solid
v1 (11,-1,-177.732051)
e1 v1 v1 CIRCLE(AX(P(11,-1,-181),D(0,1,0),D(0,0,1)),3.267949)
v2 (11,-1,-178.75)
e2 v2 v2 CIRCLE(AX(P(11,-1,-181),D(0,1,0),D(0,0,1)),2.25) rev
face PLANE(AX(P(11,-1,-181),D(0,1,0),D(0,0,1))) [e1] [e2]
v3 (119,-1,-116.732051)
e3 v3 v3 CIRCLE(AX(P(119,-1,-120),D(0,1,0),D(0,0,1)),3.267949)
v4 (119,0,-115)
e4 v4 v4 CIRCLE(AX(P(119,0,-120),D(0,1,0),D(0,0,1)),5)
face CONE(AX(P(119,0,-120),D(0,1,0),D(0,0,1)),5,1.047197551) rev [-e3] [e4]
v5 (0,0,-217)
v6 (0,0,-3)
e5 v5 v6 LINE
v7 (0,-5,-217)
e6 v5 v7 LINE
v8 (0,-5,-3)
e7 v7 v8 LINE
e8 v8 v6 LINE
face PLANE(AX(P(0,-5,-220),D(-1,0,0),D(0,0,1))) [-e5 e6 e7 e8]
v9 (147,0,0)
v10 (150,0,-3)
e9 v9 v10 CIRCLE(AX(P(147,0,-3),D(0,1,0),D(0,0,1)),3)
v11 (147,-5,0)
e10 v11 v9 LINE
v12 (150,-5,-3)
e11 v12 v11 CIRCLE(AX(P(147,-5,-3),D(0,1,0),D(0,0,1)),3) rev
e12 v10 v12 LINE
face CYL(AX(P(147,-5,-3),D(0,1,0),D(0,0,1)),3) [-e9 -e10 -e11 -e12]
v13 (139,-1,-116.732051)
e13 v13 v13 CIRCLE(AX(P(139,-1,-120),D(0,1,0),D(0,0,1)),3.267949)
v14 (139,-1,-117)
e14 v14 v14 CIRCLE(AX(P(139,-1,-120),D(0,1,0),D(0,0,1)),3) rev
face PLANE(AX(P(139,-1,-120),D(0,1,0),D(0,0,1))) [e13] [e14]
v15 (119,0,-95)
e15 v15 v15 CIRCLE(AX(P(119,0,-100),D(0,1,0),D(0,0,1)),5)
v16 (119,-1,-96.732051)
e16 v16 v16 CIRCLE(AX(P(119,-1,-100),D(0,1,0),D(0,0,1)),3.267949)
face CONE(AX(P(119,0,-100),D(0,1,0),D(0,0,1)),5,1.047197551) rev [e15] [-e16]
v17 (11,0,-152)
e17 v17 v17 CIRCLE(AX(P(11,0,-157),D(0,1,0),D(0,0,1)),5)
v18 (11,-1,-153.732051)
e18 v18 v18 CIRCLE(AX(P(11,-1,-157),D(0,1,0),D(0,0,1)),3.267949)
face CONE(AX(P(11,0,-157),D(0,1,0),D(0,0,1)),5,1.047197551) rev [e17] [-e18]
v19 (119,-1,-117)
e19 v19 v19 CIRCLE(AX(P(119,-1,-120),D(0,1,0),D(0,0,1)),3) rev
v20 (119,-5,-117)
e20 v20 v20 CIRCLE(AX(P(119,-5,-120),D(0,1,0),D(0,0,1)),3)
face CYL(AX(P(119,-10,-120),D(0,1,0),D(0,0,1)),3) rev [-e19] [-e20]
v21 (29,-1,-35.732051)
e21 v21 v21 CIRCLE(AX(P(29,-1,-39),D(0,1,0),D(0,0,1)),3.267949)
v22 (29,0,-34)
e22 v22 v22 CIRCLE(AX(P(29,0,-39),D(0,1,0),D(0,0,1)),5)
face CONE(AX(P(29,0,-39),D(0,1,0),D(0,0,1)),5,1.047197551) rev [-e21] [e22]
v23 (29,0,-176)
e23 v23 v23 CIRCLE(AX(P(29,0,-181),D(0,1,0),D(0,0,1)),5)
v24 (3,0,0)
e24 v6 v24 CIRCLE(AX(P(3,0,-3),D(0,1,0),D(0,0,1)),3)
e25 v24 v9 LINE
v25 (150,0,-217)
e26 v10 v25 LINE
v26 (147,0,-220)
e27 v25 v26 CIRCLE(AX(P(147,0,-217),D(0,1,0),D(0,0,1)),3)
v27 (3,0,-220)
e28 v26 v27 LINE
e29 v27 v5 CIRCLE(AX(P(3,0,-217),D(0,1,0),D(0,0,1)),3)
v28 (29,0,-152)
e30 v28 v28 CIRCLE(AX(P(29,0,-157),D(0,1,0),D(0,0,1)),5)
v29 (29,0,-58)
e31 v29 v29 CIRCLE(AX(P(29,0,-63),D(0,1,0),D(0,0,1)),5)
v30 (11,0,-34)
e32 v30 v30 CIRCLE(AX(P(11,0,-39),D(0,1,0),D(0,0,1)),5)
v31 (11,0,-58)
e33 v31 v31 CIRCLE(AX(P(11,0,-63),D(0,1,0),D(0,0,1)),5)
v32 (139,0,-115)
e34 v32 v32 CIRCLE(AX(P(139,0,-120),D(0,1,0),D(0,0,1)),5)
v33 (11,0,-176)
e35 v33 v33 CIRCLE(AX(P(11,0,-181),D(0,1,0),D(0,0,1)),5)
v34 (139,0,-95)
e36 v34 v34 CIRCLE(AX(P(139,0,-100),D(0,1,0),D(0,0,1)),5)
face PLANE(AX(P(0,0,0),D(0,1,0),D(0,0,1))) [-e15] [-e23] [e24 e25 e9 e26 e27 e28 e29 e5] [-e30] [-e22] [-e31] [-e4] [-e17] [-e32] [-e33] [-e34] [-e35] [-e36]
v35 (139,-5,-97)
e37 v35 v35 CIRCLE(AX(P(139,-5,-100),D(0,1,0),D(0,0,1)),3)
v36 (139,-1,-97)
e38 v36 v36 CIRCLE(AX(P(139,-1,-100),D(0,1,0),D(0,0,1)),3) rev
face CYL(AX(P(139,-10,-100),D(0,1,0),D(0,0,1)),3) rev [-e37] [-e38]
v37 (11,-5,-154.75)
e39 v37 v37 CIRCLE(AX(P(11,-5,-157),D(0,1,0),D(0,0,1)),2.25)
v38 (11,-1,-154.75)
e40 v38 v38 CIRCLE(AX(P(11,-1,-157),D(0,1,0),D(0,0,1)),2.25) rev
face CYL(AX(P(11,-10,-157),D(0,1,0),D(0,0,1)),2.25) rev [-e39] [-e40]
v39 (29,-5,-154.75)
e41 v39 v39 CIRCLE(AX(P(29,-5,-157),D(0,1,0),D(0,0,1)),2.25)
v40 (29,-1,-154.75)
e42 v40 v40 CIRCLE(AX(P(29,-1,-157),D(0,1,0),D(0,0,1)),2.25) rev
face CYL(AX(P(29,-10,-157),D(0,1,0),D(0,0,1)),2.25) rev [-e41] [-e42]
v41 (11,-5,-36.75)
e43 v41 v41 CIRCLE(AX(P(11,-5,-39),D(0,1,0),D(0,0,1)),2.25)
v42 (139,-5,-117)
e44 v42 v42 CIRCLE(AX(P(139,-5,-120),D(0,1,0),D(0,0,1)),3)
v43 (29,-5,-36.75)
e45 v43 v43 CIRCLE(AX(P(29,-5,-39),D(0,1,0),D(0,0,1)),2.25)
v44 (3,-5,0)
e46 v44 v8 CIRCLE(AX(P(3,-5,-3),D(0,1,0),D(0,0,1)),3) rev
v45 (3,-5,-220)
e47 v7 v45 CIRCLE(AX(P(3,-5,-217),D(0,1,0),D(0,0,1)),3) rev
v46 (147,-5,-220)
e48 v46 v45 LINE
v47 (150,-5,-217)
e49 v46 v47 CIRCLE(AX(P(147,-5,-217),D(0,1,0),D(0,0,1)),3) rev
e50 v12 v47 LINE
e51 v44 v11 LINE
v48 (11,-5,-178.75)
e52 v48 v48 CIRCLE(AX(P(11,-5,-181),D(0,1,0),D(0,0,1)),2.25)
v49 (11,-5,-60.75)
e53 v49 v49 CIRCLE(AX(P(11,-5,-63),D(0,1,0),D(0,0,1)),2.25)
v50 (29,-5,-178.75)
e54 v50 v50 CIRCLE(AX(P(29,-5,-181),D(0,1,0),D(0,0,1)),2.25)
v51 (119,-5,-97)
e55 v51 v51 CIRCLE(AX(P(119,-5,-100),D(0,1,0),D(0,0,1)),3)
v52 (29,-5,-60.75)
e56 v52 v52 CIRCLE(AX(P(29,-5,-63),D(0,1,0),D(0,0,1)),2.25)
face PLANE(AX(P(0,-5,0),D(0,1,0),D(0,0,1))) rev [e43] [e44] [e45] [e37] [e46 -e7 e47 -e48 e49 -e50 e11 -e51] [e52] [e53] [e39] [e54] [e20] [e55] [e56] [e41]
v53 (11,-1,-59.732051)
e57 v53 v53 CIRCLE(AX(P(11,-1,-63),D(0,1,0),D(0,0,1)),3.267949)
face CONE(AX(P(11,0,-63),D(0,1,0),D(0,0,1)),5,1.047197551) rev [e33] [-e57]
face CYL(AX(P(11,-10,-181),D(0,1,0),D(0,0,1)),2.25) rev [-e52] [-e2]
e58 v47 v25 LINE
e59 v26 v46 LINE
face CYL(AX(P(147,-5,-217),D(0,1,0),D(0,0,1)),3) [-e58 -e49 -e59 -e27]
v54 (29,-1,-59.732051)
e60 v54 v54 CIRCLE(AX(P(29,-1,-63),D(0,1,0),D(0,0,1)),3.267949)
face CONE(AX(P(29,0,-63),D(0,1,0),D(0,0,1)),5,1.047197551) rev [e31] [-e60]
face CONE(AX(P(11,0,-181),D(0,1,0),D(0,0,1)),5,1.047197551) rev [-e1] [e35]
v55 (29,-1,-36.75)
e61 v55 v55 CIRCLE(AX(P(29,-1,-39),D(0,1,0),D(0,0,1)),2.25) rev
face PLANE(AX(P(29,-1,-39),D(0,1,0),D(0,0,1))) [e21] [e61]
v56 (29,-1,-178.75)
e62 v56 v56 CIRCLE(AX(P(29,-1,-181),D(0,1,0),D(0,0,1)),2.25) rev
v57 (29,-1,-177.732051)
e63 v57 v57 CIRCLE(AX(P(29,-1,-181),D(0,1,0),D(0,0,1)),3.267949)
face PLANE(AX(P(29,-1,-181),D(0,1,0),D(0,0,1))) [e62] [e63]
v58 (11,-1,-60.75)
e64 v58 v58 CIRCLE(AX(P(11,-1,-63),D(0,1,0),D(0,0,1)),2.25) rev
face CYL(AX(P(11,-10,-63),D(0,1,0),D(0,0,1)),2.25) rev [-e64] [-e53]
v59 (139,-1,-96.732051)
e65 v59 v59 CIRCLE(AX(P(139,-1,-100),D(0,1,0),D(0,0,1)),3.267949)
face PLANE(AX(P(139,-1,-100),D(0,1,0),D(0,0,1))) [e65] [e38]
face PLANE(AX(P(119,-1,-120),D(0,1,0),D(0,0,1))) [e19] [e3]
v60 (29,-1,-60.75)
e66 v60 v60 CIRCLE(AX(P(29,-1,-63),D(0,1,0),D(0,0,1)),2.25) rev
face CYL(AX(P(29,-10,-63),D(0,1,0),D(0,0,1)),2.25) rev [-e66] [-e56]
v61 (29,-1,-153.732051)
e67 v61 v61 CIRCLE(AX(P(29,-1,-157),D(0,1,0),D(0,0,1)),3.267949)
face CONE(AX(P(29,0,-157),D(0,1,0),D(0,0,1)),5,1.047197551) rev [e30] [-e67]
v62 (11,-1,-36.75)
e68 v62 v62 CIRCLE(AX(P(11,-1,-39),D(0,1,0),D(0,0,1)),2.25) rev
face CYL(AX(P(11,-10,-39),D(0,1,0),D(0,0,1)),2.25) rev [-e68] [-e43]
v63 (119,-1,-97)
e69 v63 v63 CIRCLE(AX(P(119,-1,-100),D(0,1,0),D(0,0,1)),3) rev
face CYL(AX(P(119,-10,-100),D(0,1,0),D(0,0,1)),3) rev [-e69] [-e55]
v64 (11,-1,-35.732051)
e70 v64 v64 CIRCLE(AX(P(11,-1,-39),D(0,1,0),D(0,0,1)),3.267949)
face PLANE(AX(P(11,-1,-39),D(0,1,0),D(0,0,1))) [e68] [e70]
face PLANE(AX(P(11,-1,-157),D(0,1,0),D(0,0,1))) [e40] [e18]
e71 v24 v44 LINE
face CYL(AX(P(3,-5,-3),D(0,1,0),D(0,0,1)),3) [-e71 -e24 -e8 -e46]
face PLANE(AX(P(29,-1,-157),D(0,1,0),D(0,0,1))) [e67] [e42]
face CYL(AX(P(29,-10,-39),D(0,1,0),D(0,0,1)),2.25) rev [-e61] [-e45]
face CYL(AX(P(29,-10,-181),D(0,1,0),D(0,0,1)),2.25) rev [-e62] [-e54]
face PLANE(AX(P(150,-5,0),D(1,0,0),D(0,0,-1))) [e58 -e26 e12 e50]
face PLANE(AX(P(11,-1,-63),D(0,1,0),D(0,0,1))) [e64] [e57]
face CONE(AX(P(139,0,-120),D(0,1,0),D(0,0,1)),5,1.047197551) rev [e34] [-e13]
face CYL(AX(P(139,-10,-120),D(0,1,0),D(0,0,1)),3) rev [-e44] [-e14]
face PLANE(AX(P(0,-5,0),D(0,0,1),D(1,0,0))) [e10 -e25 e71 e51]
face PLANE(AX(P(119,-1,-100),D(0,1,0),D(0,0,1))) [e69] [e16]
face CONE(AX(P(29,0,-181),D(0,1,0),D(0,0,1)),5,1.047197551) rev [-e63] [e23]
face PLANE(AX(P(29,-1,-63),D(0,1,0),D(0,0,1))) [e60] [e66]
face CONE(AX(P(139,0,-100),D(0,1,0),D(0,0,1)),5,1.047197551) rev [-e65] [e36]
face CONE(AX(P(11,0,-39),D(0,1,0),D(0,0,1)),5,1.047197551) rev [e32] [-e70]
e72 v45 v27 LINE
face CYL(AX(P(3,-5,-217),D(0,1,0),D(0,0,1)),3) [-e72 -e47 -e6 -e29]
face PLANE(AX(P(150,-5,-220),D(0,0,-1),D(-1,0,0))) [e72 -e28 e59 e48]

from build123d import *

# Parameters (mm, degrees)
SKETCH1_W                     = 150
SKETCH1_H                     = 220
BOSS_EXTRUDE1_DEPTH           = 5
SKETCH2_R                     = 2.25
SKETCH2_R_2                   = 3
CUT_EXTRUDE2_DEPTH            = 10
SKETCH3_R                     = 5
CUT_EXTRUDE3_DEPTH            = 1
CUT_EXTRUDE3_DRAFT            = -60
CUT_EXTRUDE3_PROFILE_2_DEPTH  = 1
CUT_EXTRUDE3_PROFILE_2_DRAFT  = -60
CUT_EXTRUDE3_PROFILE_3_DEPTH  = 1
CUT_EXTRUDE3_PROFILE_3_DRAFT  = -60
CUT_EXTRUDE3_PROFILE_4_DEPTH  = 1
CUT_EXTRUDE3_PROFILE_4_DRAFT  = -60
CUT_EXTRUDE3_PROFILE_5_DEPTH  = 1
CUT_EXTRUDE3_PROFILE_5_DRAFT  = -60
CUT_EXTRUDE3_PROFILE_6_DEPTH  = 1
CUT_EXTRUDE3_PROFILE_6_DRAFT  = -60
CUT_EXTRUDE3_PROFILE_7_DEPTH  = 1
CUT_EXTRUDE3_PROFILE_7_DRAFT  = -60
CUT_EXTRUDE3_PROFILE_8_DEPTH  = 1
CUT_EXTRUDE3_PROFILE_8_DRAFT  = -60
CUT_EXTRUDE3_PROFILE_9_DEPTH  = 1
CUT_EXTRUDE3_PROFILE_9_DRAFT  = -60
CUT_EXTRUDE3_PROFILE_10_DEPTH = 1
CUT_EXTRUDE3_PROFILE_10_DRAFT = -60
CUT_EXTRUDE3_PROFILE_11_DEPTH = 1
CUT_EXTRUDE3_PROFILE_11_DRAFT = -60
CUT_EXTRUDE3_PROFILE_12_DEPTH = 1
CUT_EXTRUDE3_PROFILE_12_DRAFT = -60
FILLET1_R                     = 3


with BuildPart() as part:
    # Sketch1 → Boss-Extrude1 (new body)
    with BuildSketch(Plane(origin=(0, 0, 0), x_dir=(1, 0, 0), z_dir=(0, 1, 0))):
        with Locations((75, 110)):
            Rectangle(SKETCH1_W, SKETCH1_H)
    extrude(amount=-BOSS_EXTRUDE1_DEPTH)

    # Sketch2 → Cut-Extrude2 (cut)
    with BuildSketch(Plane(origin=(0, 0, 0), x_dir=(1, 0, 0), z_dir=(0, 1, 0))):
        with Locations(Location((11, 181, 0), (0, 0, 270))):
            Circle(SKETCH2_R)
        with Locations(Location((11, 157, 0), (0, 0, 270))):
            Circle(SKETCH2_R)
        with Locations(Location((29, 157, 0), (0, 0, 270))):
            Circle(SKETCH2_R)
        with Locations(Location((29, 181, 0), (0, 0, 270))):
            Circle(SKETCH2_R)
        with Locations(Location((11, 63, 0), (0, 0, 270))):
            Circle(SKETCH2_R)
        with Locations(Location((29, 63, 0), (0, 0, 270))):
            Circle(SKETCH2_R)
        with Locations(Location((11, 39, 0), (0, 0, 270))):
            Circle(SKETCH2_R)
        with Locations(Location((29, 39, 0), (0, 0, 270))):
            Circle(SKETCH2_R)
        with Locations(Location((119, 120, 0), (0, 0, 270))):
            Circle(SKETCH2_R_2)
        with Locations(Location((139, 120, 0), (0, 0, 270))):
            Circle(SKETCH2_R_2)
        with Locations(Location((119, 100, 0), (0, 0, 270))):
            Circle(SKETCH2_R_2)
        with Locations(Location((139, 100, 0), (0, 0, 270))):
            Circle(SKETCH2_R_2)
    extrude(amount=-CUT_EXTRUDE2_DEPTH, mode=Mode.SUBTRACT)


with BuildPart() as cut_extrude3_tool:
    # Sketch3 → Cut-Extrude3 (with draft: the straight prism first)
    with BuildSketch(Plane(origin=(0, 0, 0), x_dir=(1, 0, 0), z_dir=(0, 1, 0))):
        with Locations((11, 181)):
            Circle(SKETCH3_R)
    extrude(amount=-CUT_EXTRUDE3_DEPTH)
    # Cut-Extrude3: the draft: its side faces are tilted about the plane it starts from
    cut_extrude3_sides = [cut_extrude3_tool.faces().sort_by_distance(p)[0] for p in [
        (6, -0.5, -181),
    ]]
    draft(cut_extrude3_sides, Plane(origin=(0, 0, 0), x_dir=(1, 0, 0), z_dir=(0, 1, 0)), CUT_EXTRUDE3_DRAFT)


with BuildPart() as part_1:
    add(part.part)

    # Cut-Extrude3: cut by cut_extrude3_tool
    add(cut_extrude3_tool.part, mode=Mode.SUBTRACT)


with BuildPart() as cut_extrude3_profile_2_tool:
    # Sketch3 → Cut-Extrude3 profile 2 (with draft: the straight prism first)
    with BuildSketch(Plane(origin=(0, 0, 0), x_dir=(1, 0, 0), z_dir=(0, 1, 0))):
        with Locations((29, 181)):
            Circle(SKETCH3_R)
    extrude(amount=-CUT_EXTRUDE3_PROFILE_2_DEPTH)
    # Cut-Extrude3 profile 2: the draft: its side faces are tilted about the plane it starts from
    cut_extrude3_profile_2_sides = [cut_extrude3_profile_2_tool.faces().sort_by_distance(p)[0] for p in [
        (24, -0.5, -181),
    ]]
    draft(cut_extrude3_profile_2_sides, Plane(origin=(0, 0, 0), x_dir=(1, 0, 0), z_dir=(0, 1, 0)), CUT_EXTRUDE3_PROFILE_2_DRAFT)


with BuildPart() as part_2:
    add(part_1.part)

    # Cut-Extrude3 profile 2: cut by cut_extrude3_profile_2_tool
    add(cut_extrude3_profile_2_tool.part, mode=Mode.SUBTRACT)


with BuildPart() as cut_extrude3_profile_3_tool:
    # Sketch3 → Cut-Extrude3 profile 3 (with draft: the straight prism first)
    with BuildSketch(Plane(origin=(0, 0, 0), x_dir=(1, 0, 0), z_dir=(0, 1, 0))):
        with Locations((11, 157)):
            Circle(SKETCH3_R)
    extrude(amount=-CUT_EXTRUDE3_PROFILE_3_DEPTH)
    # Cut-Extrude3 profile 3: the draft: its side faces are tilted about the plane it starts from
    cut_extrude3_profile_3_sides = [cut_extrude3_profile_3_tool.faces().sort_by_distance(p)[0] for p in [
        (6, -0.5, -157),
    ]]
    draft(cut_extrude3_profile_3_sides, Plane(origin=(0, 0, 0), x_dir=(1, 0, 0), z_dir=(0, 1, 0)), CUT_EXTRUDE3_PROFILE_3_DRAFT)


with BuildPart() as part_3:
    add(part_2.part)

    # Cut-Extrude3 profile 3: cut by cut_extrude3_profile_3_tool
    add(cut_extrude3_profile_3_tool.part, mode=Mode.SUBTRACT)


with BuildPart() as cut_extrude3_profile_4_tool:
    # Sketch3 → Cut-Extrude3 profile 4 (with draft: the straight prism first)
    with BuildSketch(Plane(origin=(0, 0, 0), x_dir=(1, 0, 0), z_dir=(0, 1, 0))):
        with Locations((29, 157)):
            Circle(SKETCH3_R)
    extrude(amount=-CUT_EXTRUDE3_PROFILE_4_DEPTH)
    # Cut-Extrude3 profile 4: the draft: its side faces are tilted about the plane it starts from
    cut_extrude3_profile_4_sides = [cut_extrude3_profile_4_tool.faces().sort_by_distance(p)[0] for p in [
        (24, -0.5, -157),
    ]]
    draft(cut_extrude3_profile_4_sides, Plane(origin=(0, 0, 0), x_dir=(1, 0, 0), z_dir=(0, 1, 0)), CUT_EXTRUDE3_PROFILE_4_DRAFT)


with BuildPart() as part_4:
    add(part_3.part)

    # Cut-Extrude3 profile 4: cut by cut_extrude3_profile_4_tool
    add(cut_extrude3_profile_4_tool.part, mode=Mode.SUBTRACT)


with BuildPart() as cut_extrude3_profile_5_tool:
    # Sketch3 → Cut-Extrude3 profile 5 (with draft: the straight prism first)
    with BuildSketch(Plane(origin=(0, 0, 0), x_dir=(1, 0, 0), z_dir=(0, 1, 0))):
        with Locations((119, 120)):
            Circle(SKETCH3_R)
    extrude(amount=-CUT_EXTRUDE3_PROFILE_5_DEPTH)
    # Cut-Extrude3 profile 5: the draft: its side faces are tilted about the plane it starts from
    cut_extrude3_profile_5_sides = [cut_extrude3_profile_5_tool.faces().sort_by_distance(p)[0] for p in [
        (114, -0.5, -120),
    ]]
    draft(cut_extrude3_profile_5_sides, Plane(origin=(0, 0, 0), x_dir=(1, 0, 0), z_dir=(0, 1, 0)), CUT_EXTRUDE3_PROFILE_5_DRAFT)


with BuildPart() as part_5:
    add(part_4.part)

    # Cut-Extrude3 profile 5: cut by cut_extrude3_profile_5_tool
    add(cut_extrude3_profile_5_tool.part, mode=Mode.SUBTRACT)


with BuildPart() as cut_extrude3_profile_6_tool:
    # Sketch3 → Cut-Extrude3 profile 6 (with draft: the straight prism first)
    with BuildSketch(Plane(origin=(0, 0, 0), x_dir=(1, 0, 0), z_dir=(0, 1, 0))):
        with Locations((139, 120)):
            Circle(SKETCH3_R)
    extrude(amount=-CUT_EXTRUDE3_PROFILE_6_DEPTH)
    # Cut-Extrude3 profile 6: the draft: its side faces are tilted about the plane it starts from
    cut_extrude3_profile_6_sides = [cut_extrude3_profile_6_tool.faces().sort_by_distance(p)[0] for p in [
        (134, -0.5, -120),
    ]]
    draft(cut_extrude3_profile_6_sides, Plane(origin=(0, 0, 0), x_dir=(1, 0, 0), z_dir=(0, 1, 0)), CUT_EXTRUDE3_PROFILE_6_DRAFT)


with BuildPart() as part_6:
    add(part_5.part)

    # Cut-Extrude3 profile 6: cut by cut_extrude3_profile_6_tool
    add(cut_extrude3_profile_6_tool.part, mode=Mode.SUBTRACT)


with BuildPart() as cut_extrude3_profile_7_tool:
    # Sketch3 → Cut-Extrude3 profile 7 (with draft: the straight prism first)
    with BuildSketch(Plane(origin=(0, 0, 0), x_dir=(1, 0, 0), z_dir=(0, 1, 0))):
        with Locations((119, 100)):
            Circle(SKETCH3_R)
    extrude(amount=-CUT_EXTRUDE3_PROFILE_7_DEPTH)
    # Cut-Extrude3 profile 7: the draft: its side faces are tilted about the plane it starts from
    cut_extrude3_profile_7_sides = [cut_extrude3_profile_7_tool.faces().sort_by_distance(p)[0] for p in [
        (114, -0.5, -100),
    ]]
    draft(cut_extrude3_profile_7_sides, Plane(origin=(0, 0, 0), x_dir=(1, 0, 0), z_dir=(0, 1, 0)), CUT_EXTRUDE3_PROFILE_7_DRAFT)


with BuildPart() as part_7:
    add(part_6.part)

    # Cut-Extrude3 profile 7: cut by cut_extrude3_profile_7_tool
    add(cut_extrude3_profile_7_tool.part, mode=Mode.SUBTRACT)


with BuildPart() as cut_extrude3_profile_8_tool:
    # Sketch3 → Cut-Extrude3 profile 8 (with draft: the straight prism first)
    with BuildSketch(Plane(origin=(0, 0, 0), x_dir=(1, 0, 0), z_dir=(0, 1, 0))):
        with Locations((139, 100)):
            Circle(SKETCH3_R)
    extrude(amount=-CUT_EXTRUDE3_PROFILE_8_DEPTH)
    # Cut-Extrude3 profile 8: the draft: its side faces are tilted about the plane it starts from
    cut_extrude3_profile_8_sides = [cut_extrude3_profile_8_tool.faces().sort_by_distance(p)[0] for p in [
        (134, -0.5, -100),
    ]]
    draft(cut_extrude3_profile_8_sides, Plane(origin=(0, 0, 0), x_dir=(1, 0, 0), z_dir=(0, 1, 0)), CUT_EXTRUDE3_PROFILE_8_DRAFT)


with BuildPart() as part_8:
    add(part_7.part)

    # Cut-Extrude3 profile 8: cut by cut_extrude3_profile_8_tool
    add(cut_extrude3_profile_8_tool.part, mode=Mode.SUBTRACT)


with BuildPart() as cut_extrude3_profile_9_tool:
    # Sketch3 → Cut-Extrude3 profile 9 (with draft: the straight prism first)
    with BuildSketch(Plane(origin=(0, 0, 0), x_dir=(1, 0, 0), z_dir=(0, 1, 0))):
        with Locations((29, 63)):
            Circle(SKETCH3_R)
    extrude(amount=-CUT_EXTRUDE3_PROFILE_9_DEPTH)
    # Cut-Extrude3 profile 9: the draft: its side faces are tilted about the plane it starts from
    cut_extrude3_profile_9_sides = [cut_extrude3_profile_9_tool.faces().sort_by_distance(p)[0] for p in [
        (24, -0.5, -63),
    ]]
    draft(cut_extrude3_profile_9_sides, Plane(origin=(0, 0, 0), x_dir=(1, 0, 0), z_dir=(0, 1, 0)), CUT_EXTRUDE3_PROFILE_9_DRAFT)


with BuildPart() as part_9:
    add(part_8.part)

    # Cut-Extrude3 profile 9: cut by cut_extrude3_profile_9_tool
    add(cut_extrude3_profile_9_tool.part, mode=Mode.SUBTRACT)


with BuildPart() as cut_extrude3_profile_10_tool:
    # Sketch3 → Cut-Extrude3 profile 10 (with draft: the straight prism first)
    with BuildSketch(Plane(origin=(0, 0, 0), x_dir=(1, 0, 0), z_dir=(0, 1, 0))):
        with Locations((11, 63)):
            Circle(SKETCH3_R)
    extrude(amount=-CUT_EXTRUDE3_PROFILE_10_DEPTH)
    # Cut-Extrude3 profile 10: the draft: its side faces are tilted about the plane it starts from
    cut_extrude3_profile_10_sides = [cut_extrude3_profile_10_tool.faces().sort_by_distance(p)[0] for p in [
        (6, -0.5, -63),
    ]]
    draft(cut_extrude3_profile_10_sides, Plane(origin=(0, 0, 0), x_dir=(1, 0, 0), z_dir=(0, 1, 0)), CUT_EXTRUDE3_PROFILE_10_DRAFT)


with BuildPart() as part_10:
    add(part_9.part)

    # Cut-Extrude3 profile 10: cut by cut_extrude3_profile_10_tool
    add(cut_extrude3_profile_10_tool.part, mode=Mode.SUBTRACT)


with BuildPart() as cut_extrude3_profile_11_tool:
    # Sketch3 → Cut-Extrude3 profile 11 (with draft: the straight prism first)
    with BuildSketch(Plane(origin=(0, 0, 0), x_dir=(1, 0, 0), z_dir=(0, 1, 0))):
        with Locations((11, 39)):
            Circle(SKETCH3_R)
    extrude(amount=-CUT_EXTRUDE3_PROFILE_11_DEPTH)
    # Cut-Extrude3 profile 11: the draft: its side faces are tilted about the plane it starts from
    cut_extrude3_profile_11_sides = [cut_extrude3_profile_11_tool.faces().sort_by_distance(p)[0] for p in [
        (6, -0.5, -39),
    ]]
    draft(cut_extrude3_profile_11_sides, Plane(origin=(0, 0, 0), x_dir=(1, 0, 0), z_dir=(0, 1, 0)), CUT_EXTRUDE3_PROFILE_11_DRAFT)


with BuildPart() as part_11:
    add(part_10.part)

    # Cut-Extrude3 profile 11: cut by cut_extrude3_profile_11_tool
    add(cut_extrude3_profile_11_tool.part, mode=Mode.SUBTRACT)


with BuildPart() as cut_extrude3_profile_12_tool:
    # Sketch3 → Cut-Extrude3 profile 12 (with draft: the straight prism first)
    with BuildSketch(Plane(origin=(0, 0, 0), x_dir=(1, 0, 0), z_dir=(0, 1, 0))):
        with Locations((29, 39)):
            Circle(SKETCH3_R)
    extrude(amount=-CUT_EXTRUDE3_PROFILE_12_DEPTH)
    # Cut-Extrude3 profile 12: the draft: its side faces are tilted about the plane it starts from
    cut_extrude3_profile_12_sides = [cut_extrude3_profile_12_tool.faces().sort_by_distance(p)[0] for p in [
        (24, -0.5, -39),
    ]]
    draft(cut_extrude3_profile_12_sides, Plane(origin=(0, 0, 0), x_dir=(1, 0, 0), z_dir=(0, 1, 0)), CUT_EXTRUDE3_PROFILE_12_DRAFT)


with BuildPart() as part_12:
    add(part_11.part)

    # Cut-Extrude3 profile 12: cut by cut_extrude3_profile_12_tool
    add(cut_extrude3_profile_12_tool.part, mode=Mode.SUBTRACT)

    # Fillet1
    fillet1_edges = [part_12.edges().sort_by_distance(p)[0] for p in [
        (150, -2.5, -220),
        (150, -2.5, 0),
        (0, -2.5, 0),
        (0, -2.5, -220),
    ]]
    fillet(fillet1_edges, radius=FILLET1_R)


solid = part_12.part
